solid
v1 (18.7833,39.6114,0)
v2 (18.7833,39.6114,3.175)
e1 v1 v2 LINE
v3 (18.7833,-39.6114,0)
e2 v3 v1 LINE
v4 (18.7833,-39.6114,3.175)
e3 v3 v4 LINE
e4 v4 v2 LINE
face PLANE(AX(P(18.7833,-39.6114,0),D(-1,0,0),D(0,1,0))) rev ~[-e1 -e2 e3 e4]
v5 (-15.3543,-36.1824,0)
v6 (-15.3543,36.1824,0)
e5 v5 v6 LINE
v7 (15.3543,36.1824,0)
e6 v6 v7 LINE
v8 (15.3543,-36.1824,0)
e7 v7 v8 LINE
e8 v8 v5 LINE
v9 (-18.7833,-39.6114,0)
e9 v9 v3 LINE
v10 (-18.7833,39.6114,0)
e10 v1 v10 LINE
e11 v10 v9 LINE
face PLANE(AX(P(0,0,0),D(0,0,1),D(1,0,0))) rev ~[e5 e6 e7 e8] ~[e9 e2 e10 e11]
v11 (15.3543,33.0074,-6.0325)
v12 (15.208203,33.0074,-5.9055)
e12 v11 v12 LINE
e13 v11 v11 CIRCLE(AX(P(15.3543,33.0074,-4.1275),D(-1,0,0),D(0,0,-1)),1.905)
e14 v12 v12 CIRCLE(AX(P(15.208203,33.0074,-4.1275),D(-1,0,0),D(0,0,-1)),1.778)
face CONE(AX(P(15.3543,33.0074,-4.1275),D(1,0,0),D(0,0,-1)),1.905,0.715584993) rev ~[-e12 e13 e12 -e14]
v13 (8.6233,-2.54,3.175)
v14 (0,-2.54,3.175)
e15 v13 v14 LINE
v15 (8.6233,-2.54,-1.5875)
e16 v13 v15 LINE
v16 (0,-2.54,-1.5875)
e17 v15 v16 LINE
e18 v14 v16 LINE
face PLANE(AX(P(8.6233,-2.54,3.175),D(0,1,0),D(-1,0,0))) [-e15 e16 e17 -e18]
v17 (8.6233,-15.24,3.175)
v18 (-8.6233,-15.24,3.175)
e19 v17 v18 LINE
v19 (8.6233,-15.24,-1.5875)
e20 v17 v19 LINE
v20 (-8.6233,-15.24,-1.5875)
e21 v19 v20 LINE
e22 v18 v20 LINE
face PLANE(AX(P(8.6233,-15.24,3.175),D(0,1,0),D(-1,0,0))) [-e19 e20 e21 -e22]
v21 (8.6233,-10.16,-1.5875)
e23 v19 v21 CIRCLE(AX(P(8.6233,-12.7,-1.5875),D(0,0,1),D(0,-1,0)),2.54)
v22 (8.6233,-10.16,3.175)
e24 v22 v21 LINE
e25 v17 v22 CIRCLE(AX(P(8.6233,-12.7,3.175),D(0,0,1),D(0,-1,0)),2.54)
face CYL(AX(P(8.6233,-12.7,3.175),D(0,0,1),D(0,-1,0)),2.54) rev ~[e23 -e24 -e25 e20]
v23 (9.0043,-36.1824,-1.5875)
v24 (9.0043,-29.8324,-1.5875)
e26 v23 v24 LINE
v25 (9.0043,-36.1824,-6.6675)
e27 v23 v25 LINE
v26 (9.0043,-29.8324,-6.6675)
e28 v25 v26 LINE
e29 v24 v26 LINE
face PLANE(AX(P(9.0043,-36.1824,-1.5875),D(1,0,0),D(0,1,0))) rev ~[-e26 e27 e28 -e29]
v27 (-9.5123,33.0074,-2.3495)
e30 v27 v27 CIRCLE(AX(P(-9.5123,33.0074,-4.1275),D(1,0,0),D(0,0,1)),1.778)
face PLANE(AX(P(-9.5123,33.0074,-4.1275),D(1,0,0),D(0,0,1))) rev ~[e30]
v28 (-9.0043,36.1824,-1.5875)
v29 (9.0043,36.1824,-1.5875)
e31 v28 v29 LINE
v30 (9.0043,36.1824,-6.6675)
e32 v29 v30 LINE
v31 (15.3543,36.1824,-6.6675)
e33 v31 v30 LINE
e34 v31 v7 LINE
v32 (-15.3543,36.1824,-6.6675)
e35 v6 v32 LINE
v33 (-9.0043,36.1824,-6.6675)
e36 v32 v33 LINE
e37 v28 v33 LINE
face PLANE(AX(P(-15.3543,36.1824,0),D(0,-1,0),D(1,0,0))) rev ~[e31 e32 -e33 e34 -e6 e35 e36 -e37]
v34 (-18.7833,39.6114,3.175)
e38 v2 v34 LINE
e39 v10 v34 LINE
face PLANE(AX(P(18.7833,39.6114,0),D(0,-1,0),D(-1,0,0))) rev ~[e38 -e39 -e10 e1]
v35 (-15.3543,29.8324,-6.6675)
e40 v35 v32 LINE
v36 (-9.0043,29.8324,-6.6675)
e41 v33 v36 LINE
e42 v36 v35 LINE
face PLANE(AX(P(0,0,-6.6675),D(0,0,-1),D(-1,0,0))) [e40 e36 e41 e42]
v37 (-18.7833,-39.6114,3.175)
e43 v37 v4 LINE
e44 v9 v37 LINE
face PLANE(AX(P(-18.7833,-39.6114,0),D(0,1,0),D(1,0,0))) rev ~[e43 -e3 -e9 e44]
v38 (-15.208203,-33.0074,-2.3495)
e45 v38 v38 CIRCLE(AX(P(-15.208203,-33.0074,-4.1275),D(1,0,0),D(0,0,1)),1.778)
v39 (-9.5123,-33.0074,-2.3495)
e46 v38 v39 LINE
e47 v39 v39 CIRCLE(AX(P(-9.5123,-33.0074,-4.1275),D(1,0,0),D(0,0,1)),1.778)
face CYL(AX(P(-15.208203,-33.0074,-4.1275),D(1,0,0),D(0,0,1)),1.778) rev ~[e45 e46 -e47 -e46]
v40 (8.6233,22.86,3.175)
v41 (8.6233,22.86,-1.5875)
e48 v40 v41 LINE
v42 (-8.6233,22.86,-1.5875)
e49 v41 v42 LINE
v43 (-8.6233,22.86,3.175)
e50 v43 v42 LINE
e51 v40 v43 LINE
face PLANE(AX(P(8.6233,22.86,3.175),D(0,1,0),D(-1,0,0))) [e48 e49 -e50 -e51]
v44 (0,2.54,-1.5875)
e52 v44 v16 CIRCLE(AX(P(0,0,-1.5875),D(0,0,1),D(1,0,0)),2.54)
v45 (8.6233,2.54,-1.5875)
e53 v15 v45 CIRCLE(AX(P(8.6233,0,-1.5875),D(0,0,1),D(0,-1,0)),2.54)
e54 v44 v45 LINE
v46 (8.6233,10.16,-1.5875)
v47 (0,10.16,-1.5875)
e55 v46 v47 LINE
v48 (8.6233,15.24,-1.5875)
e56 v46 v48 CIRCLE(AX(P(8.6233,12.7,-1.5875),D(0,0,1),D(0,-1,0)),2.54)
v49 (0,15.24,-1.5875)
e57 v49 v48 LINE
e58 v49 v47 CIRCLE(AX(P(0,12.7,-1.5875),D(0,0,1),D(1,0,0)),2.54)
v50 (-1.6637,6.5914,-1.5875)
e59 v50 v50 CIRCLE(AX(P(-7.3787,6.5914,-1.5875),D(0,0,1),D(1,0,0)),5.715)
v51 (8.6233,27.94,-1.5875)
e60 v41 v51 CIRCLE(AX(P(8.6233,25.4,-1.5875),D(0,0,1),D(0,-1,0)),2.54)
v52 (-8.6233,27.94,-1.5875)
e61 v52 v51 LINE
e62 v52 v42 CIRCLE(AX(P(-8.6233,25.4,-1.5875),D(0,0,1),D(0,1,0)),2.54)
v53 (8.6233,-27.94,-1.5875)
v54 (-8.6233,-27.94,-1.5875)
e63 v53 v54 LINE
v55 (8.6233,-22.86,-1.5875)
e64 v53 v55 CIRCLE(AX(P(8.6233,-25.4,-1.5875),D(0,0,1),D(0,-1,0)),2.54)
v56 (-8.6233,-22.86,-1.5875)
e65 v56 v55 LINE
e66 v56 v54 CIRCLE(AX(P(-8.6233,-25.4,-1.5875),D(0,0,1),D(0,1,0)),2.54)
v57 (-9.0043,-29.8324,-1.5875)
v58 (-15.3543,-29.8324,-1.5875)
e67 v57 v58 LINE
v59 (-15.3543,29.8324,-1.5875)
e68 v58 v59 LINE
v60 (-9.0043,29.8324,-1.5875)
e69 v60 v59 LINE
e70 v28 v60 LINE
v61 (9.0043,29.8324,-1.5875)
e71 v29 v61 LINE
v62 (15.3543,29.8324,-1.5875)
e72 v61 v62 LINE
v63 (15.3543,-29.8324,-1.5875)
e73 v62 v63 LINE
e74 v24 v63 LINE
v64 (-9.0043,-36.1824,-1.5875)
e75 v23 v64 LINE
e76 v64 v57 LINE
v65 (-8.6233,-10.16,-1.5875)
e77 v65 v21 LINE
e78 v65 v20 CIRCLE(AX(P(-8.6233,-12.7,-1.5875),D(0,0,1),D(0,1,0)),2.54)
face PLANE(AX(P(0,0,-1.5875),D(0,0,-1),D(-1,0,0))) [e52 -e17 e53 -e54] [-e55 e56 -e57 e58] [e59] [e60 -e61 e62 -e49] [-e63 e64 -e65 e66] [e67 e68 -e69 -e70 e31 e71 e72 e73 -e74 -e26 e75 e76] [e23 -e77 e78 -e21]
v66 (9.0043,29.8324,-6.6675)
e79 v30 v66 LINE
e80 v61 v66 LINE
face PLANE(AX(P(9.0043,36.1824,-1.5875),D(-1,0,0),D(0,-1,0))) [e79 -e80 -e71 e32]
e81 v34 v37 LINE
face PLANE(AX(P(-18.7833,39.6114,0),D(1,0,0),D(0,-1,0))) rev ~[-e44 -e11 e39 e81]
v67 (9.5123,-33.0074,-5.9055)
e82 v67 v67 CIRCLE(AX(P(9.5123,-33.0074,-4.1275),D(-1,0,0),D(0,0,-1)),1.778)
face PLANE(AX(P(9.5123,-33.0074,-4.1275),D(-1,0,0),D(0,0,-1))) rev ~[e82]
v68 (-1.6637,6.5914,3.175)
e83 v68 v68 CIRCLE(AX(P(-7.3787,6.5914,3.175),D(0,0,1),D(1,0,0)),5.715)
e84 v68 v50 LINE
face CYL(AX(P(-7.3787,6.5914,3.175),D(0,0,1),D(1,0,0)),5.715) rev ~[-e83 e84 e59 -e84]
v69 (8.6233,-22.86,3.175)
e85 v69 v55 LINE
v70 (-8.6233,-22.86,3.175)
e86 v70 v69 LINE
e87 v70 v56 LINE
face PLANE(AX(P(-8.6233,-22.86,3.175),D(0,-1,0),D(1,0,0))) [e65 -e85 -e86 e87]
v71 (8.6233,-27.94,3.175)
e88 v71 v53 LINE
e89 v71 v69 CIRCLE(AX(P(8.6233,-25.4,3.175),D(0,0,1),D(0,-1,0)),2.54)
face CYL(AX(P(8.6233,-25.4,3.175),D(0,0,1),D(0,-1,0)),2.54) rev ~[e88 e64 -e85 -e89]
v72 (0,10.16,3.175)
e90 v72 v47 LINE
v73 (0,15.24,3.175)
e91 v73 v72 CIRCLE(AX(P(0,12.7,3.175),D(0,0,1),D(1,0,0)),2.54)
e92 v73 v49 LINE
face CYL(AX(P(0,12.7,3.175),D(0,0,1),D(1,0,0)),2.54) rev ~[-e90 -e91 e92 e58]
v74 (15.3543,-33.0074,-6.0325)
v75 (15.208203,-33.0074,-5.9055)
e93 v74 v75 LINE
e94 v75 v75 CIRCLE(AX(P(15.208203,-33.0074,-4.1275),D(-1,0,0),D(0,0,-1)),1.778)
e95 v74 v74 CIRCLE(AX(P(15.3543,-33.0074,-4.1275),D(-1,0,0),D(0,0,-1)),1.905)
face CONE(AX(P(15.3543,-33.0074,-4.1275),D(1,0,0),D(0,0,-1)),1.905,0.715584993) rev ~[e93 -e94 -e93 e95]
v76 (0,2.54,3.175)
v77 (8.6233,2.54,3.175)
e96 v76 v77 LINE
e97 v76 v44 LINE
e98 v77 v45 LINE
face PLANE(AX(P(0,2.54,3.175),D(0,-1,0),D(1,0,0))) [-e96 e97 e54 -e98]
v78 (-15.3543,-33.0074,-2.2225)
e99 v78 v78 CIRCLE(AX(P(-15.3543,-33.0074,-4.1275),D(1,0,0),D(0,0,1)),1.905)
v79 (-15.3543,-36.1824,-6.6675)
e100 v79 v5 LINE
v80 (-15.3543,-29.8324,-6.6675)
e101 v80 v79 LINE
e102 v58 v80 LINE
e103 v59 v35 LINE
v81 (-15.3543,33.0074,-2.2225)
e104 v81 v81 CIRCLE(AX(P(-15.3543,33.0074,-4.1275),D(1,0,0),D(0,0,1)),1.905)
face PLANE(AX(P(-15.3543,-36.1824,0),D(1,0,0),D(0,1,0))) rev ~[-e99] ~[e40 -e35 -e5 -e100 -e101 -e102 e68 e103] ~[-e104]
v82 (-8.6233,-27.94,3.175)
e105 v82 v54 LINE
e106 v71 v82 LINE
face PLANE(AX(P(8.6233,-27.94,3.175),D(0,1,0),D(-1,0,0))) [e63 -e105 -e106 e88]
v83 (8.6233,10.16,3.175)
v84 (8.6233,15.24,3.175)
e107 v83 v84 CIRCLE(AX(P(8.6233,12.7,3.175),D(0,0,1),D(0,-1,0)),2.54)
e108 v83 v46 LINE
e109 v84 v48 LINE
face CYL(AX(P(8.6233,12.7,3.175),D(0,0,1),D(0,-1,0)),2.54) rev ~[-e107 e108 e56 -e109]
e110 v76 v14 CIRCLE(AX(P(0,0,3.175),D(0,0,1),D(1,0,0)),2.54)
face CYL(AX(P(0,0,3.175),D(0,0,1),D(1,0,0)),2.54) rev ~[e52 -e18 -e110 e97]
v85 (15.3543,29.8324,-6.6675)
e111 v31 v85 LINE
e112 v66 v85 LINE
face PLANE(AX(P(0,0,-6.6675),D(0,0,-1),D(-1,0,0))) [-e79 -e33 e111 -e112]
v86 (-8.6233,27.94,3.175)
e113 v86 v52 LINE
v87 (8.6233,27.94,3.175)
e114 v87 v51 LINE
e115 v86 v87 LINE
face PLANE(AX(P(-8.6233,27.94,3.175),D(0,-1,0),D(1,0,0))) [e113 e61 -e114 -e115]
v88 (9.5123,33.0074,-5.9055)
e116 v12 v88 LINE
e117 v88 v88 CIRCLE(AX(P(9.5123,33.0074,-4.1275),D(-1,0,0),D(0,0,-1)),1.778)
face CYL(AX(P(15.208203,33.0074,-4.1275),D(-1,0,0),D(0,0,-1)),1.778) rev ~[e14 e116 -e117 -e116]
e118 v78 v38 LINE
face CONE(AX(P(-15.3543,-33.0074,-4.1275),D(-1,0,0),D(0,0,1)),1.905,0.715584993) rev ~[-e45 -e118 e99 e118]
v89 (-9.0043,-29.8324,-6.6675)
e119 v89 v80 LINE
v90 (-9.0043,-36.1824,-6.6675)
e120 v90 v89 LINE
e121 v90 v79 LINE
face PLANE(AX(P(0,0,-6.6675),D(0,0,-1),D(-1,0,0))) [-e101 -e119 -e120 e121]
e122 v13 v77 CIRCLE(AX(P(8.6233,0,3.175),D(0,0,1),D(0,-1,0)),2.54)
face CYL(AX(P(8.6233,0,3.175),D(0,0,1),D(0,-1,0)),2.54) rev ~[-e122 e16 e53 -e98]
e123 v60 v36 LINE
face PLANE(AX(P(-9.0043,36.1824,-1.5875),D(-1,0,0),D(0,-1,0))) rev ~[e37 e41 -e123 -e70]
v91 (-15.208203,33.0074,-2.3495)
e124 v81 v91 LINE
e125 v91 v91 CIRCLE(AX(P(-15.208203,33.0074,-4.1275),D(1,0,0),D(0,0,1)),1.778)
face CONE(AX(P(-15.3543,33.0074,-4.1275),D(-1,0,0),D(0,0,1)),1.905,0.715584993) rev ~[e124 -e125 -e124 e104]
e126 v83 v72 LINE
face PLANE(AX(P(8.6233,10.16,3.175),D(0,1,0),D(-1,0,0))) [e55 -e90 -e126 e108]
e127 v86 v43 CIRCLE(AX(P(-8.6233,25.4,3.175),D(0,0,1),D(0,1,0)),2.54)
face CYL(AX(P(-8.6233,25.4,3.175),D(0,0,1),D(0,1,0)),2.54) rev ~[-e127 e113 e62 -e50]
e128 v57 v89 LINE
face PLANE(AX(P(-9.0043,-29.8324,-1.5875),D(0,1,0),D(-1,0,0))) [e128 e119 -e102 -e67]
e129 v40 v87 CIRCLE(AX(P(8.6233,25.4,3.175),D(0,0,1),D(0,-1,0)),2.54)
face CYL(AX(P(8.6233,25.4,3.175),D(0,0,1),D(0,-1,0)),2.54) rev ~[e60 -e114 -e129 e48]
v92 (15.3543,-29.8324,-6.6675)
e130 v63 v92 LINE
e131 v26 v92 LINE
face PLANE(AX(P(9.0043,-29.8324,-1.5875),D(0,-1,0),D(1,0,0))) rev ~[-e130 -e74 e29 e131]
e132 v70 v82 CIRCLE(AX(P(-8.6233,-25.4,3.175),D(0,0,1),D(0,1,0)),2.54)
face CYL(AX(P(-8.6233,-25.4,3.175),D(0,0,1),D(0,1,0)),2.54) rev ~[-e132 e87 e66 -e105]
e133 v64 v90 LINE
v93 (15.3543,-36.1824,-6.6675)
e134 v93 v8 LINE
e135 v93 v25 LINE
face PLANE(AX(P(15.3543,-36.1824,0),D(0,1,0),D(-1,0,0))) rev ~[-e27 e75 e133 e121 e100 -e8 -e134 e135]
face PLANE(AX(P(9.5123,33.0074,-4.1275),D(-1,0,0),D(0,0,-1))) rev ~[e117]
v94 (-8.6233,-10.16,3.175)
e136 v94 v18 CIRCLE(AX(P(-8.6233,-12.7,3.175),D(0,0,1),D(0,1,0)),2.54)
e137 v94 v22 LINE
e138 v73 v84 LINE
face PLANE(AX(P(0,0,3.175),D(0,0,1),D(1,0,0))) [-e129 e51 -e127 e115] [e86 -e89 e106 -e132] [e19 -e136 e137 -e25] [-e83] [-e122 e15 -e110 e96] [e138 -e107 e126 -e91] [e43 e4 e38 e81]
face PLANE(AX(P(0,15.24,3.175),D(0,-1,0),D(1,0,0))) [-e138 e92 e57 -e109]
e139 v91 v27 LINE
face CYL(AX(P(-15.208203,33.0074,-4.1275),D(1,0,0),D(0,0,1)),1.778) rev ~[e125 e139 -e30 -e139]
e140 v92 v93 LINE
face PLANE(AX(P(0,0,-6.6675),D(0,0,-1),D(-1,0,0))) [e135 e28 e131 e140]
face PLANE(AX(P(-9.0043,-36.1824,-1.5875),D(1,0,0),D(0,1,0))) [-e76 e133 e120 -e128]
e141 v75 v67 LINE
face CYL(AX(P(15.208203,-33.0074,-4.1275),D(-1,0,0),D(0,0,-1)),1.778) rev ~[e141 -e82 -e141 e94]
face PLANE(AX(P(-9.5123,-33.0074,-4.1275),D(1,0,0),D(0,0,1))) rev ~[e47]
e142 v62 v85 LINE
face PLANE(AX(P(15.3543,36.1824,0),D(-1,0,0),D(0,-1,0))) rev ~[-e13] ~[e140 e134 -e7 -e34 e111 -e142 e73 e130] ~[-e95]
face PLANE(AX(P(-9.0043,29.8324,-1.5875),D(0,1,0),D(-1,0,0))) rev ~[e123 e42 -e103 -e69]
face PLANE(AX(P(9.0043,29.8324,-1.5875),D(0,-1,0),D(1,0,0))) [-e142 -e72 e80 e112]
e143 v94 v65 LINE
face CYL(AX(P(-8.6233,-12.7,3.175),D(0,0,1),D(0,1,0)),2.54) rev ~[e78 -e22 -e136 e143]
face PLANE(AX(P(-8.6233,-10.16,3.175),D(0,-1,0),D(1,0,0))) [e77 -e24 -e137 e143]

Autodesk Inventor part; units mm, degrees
ref_plane "YZ Plane" through (0, 0, 0) normal (1, 0, 0) x (0, 1, 0)
ref_plane "XZ Plane" through (0, 0, 0) normal (0, 1, 0) x (-1, 0, 0)
ref_plane "XY Plane" through (0, 0, 0) normal (0, 0, 1) x (1, 0, 0)
sketch "Sketch1" plane through (0, 0, 0) normal (0, 0, 1) x (1, 0, 0)
  line L0 (-18.7833, 39.6114) -> (-18.7833, -39.6114) projected
  line L1 (-18.7833, -39.6114) -> (18.7833, -39.6114) projected
  line L2 (18.7833, -39.6114) -> (18.7833, 39.6114) projected
  line L3 (18.7833, 39.6114) -> (-18.7833, 39.6114) projected
  line L4 (-15.6083, 36.4364) -> (15.6083, 36.4364) projected
  line L5 (15.6083, 36.4364) -> (15.6083, -36.4364) projected
  line L6 (15.6083, -36.4364) -> (-15.6083, -36.4364) projected
  line L7 (-15.6083, -36.4364) -> (-15.6083, 36.4364) projected
  point P0 (0, 0)
extrude "Extrusion1" add sketch "Sketch1" along normal blind 3.175 contours L3 L2 L1 L0 | L4 L5 L6 L7
sketch "Sketch2" plane through (0, 0, 0) normal (0, 0, -1) x (-1, 0, 0)
  line L0 (-15.6083, -36.4364) -> (15.6083, -36.4364) projected
  line L1 (-15.6083, 36.4364) -> (-15.6083, -36.4364) projected
  line L2 (15.6083, 36.4364) -> (-15.6083, 36.4364) projected
  line L3 (15.6083, -36.4364) -> (15.6083, 36.4364) projected
  line L4 (-15.3543, 36.1824) -> (-15.3543, -36.1824)
  line L5 (-15.3543, -36.1824) -> (15.3543, -36.1824)
  line L6 (15.3543, -36.1824) -> (15.3543, 36.1824)
  line L7 (15.3543, 36.1824) -> (-15.3543, 36.1824)
  point P0 (0, 0)
  dimension "d2" = 0.254
extrude "Extrusion2" add sketch "Sketch2" along normal blind 1.5875 contours L7 L6 L5 L4
sketch "Sketch3" plane through (0, 0, -1.5875) normal (0, 0, -1) x (-1, 0, 0)
  line L0 (-15.3543, 36.1824) -> (-15.3543, -36.1824) projected
  line L1 (-15.3543, 36.1824) -> (-9.0043, 36.1824)
  line L2 (-9.0043, 36.1824) -> (-9.0043, 29.8324)
  line L3 (-9.0043, 29.8324) -> (-15.3543, 29.8324)
  line L4 (-15.3543, 29.8324) -> (-15.3543, 36.1824)
  line L5 (15.3543, 36.1824) -> (-15.3543, 36.1824) projected
  line L6 (15.3543, 36.1824) -> (9.0043, 36.1824)
  line L7 (9.0043, 36.1824) -> (9.0043, 29.8324)
  line L8 (9.0043, 29.8324) -> (15.3543, 29.8324)
  line L9 (15.3543, 29.8324) -> (15.3543, 36.1824)
  line L10 (-15.3543, -36.1824) -> (15.3543, -36.1824) projected
  line L11 (-15.3543, -36.1824) -> (-9.0043, -36.1824)
  line L12 (-9.0043, -36.1824) -> (-9.0043, -29.8324)
  line L13 (-9.0043, -29.8324) -> (-15.3543, -29.8324)
  line L14 (-15.3543, -29.8324) -> (-15.3543, -36.1824)
  line L15 (15.3543, 36.1824) -> (15.3543, -36.1824) projected
  line L16 (15.3543, -36.1824) -> (9.0043, -36.1824)
  line L17 (9.0043, -36.1824) -> (9.0043, -29.8324)
  line L18 (9.0043, -29.8324) -> (15.3543, -29.8324)
  line L19 (15.3543, -29.8324) -> (15.3543, -36.1824)
  point P0 (0, 0)
  dimension "d5" = 6.35
  dimension "d6" = 6.35
  dimension "d7" = 6.35
  dimension "d8" = 6.35
  dimension "d9" = 6.35
  dimension "d10" = 6.35
  dimension "d11" = 6.35
  dimension "d12" = 6.35
extrude "Extrusion3" add sketch "Sketch3" along normal blind 5.08 contours L1 L2 L3 L0 | L13 L12 L10 L0 | L5 L9 L8 L7 | L17 L18 L15 L10
sketch "Sketch4" plane through (15.3543, -36.1824, 0) normal (1, 0, 0) x (0, 0, -1)
  line L0 (6.6675, 66.0147) -> (6.6675, 72.3647) projected
  line L1 (0, 72.3647) -> (0, 0) projected
  line L2 (6.6675, 0) -> (6.6675, 6.35) projected
  line L3 (1.5875, 66.0147) -> (1.5875, 6.35) projected
  line L4 (0, 72.3647) -> (6.6675, 72.3647) projected
  line L5 (1.5875, 6.35) -> (6.6675, 6.35) projected
  line L6 (6.6675, 6.35) -> (6.6675, 0) projected
  line L7 (1.5875, 6.35) -> (6.6675, 0)
  line L8 (1.5875, 66.0147) -> (6.6675, 72.3647)
  point P0 (0, 36.1824)
  point P1 (4.1275, 3.175)
  point P2 (4.1275, 69.1897)
  point P3 (4.1275, 3.175)
  point P4 (4.1275, 69.1897)
sketch "Sketch5" plane through (-15.3543, -36.1824, 0) normal (-1, 0, 0) x (0, 0, 1)
  point P0 (0, 36.1824)
  point P1 (-4.1275, 69.1897)
  point P2 (-4.1275, 3.175)
hole "Hole1" at (15.3543, 33.0074, -4.1275) at (15.3543, -33.0074, -4.1275) direction (-1, 0, 0) diameter 3.556 depth 5.842 countersink diameter 3.81 countersink angle 82
hole "Hole2" at (-15.3543, 33.0074, -4.1275) at (-15.3543, -33.0074, -4.1275) direction (1, 0, 0) diameter 3.556 depth 5.842 countersink diameter 3.81 countersink angle 82
sketch "Sketch6" plane through (0, 0, 3.175) normal (0, 0, 1) x (1, 0, 0)
  line L0 (-8.6233, 0) -> (8.6233, 0) construction
  line L1 (-8.6233, 2.54) -> (8.6233, 2.54)
  line L2 (8.6233, -2.54) -> (-8.6233, -2.54)
  arc A0 (-8.6233, 2.54) -> (-8.6233, -2.54) centre (-8.6233, 0) ccw
  arc A1 (8.6233, -2.54) -> (8.6233, 2.54) centre (8.6233, 0) ccw
  line L3 (-18.7833, 39.6114) -> (-18.7833, -39.6114) projected
  line L4 (18.7833, -39.6114) -> (18.7833, 39.6114) projected
  line L5 (-18.7833, -39.6114) -> (18.7833, -39.6114) projected
  arc A2 (8.6233, 10.16) -> (8.6233, 15.24) centre (8.6233, 12.7) ccw
  line L6 (-8.6233, 15.24) -> (8.6233, 15.24)
  line L7 (8.6233, 10.16) -> (-8.6233, 10.16)
  arc A3 (-8.6233, 15.24) -> (-8.6233, 10.16) centre (-8.6233, 12.7) ccw
  arc A4 (8.6233, 22.86) -> (8.6233, 27.94) centre (8.6233, 25.4) ccw
  line L8 (-8.6233, 27.94) -> (8.6233, 27.94)
  line L9 (8.6233, 22.86) -> (-8.6233, 22.86)
  arc A5 (-8.6233, 27.94) -> (-8.6233, 22.86) centre (-8.6233, 25.4) ccw
  arc A6 (8.6233, -15.24) -> (8.6233, -10.16) centre (8.6233, -12.7) ccw
  line L10 (-8.6233, -10.16) -> (8.6233, -10.16)
  line L11 (8.6233, -15.24) -> (-8.6233, -15.24)
  arc A7 (-8.6233, -10.16) -> (-8.6233, -15.24) centre (-8.6233, -12.7) ccw
  arc A8 (8.6233, -2.54) -> (8.6233, 2.54) centre (8.6233, 0) ccw
  line L12 (-8.6233, 2.54) -> (8.6233, 2.54)
  line L13 (8.6233, -2.54) -> (-8.6233, -2.54)
  arc A9 (-8.6233, 2.54) -> (-8.6233, -2.54) centre (-8.6233, 0) ccw
  arc A10 (8.6233, 10.16) -> (8.6233, 15.24) centre (8.6233, 12.7) ccw
  line L14 (-8.6233, 15.24) -> (8.6233, 15.24)
  line L15 (8.6233, 10.16) -> (-8.6233, 10.16)
  arc A11 (-8.6233, 15.24) -> (-8.6233, 10.16) centre (-8.6233, 12.7) ccw
  arc A12 (8.6233, -27.94) -> (8.6233, -22.86) centre (8.6233, -25.4) ccw
  line L16 (-8.6233, -22.86) -> (8.6233, -22.86)
  line L17 (8.6233, -27.94) -> (-8.6233, -27.94)
  arc A13 (-8.6233, -22.86) -> (-8.6233, -27.94) centre (-8.6233, -25.4) ccw
  arc A14 (8.6233, -15.24) -> (8.6233, -10.16) centre (8.6233, -12.7) ccw
  line L18 (-8.6233, -10.16) -> (8.6233, -10.16)
  line L19 (8.6233, -15.24) -> (-8.6233, -15.24)
  arc A15 (-8.6233, -10.16) -> (-8.6233, -15.24) centre (-8.6233, -12.7) ccw
  arc A16 (8.6233, -2.54) -> (8.6233, 2.54) centre (8.6233, 0) ccw
  line L20 (-8.6233, 2.54) -> (8.6233, 2.54)
  line L21 (8.6233, -2.54) -> (-8.6233, -2.54)
  arc A17 (-8.6233, 2.54) -> (-8.6233, -2.54) centre (-8.6233, 0) ccw
  circle A18 centre (0, 12.7) radius 2.54
  circle A19 centre (0, 0) radius 2.54
  point P0 (0, 0)
  point P1 (0, 10.16)
  point P2 (0, 15.24)
  point P3 (0, 2.54)
  point P4 (0, -2.54)
  dimension "d29" = 10.16
  dimension "d30" = 10.16
  dimension "d31" = 2.54
  dimension "d35" = 12.7
  dimension "d38" = 12.7
extrude "Extrusion4" cut sketch "Sketch6" against normal up to surface (4.7625 mm away) contours L1 A1 L2 A19 | A19 | L7 A18 L6 A2 | A18 | L9 A5 L8 A4 | L11 A7 L10 A6 | L17 A13 L16 A12
sketch "Sketch7" plane through (0, 0, 3.175) normal (0, 0, 1) x (1, 0, 0)
  circle A0 centre (-7.3787, 6.5914) radius 5.715
  line L0 (18.7833, 39.6114) -> (-18.7833, 39.6114) projected
  line L1 (-18.7833, 39.6114) -> (-18.7833, -39.6114) projected
  line L2 (18.7833, -39.6114) -> (18.7833, 39.6114) projected
  point P0 (0, 0)
  dimension "d43" = 11.43
  dimension "d44" = 33.02
  dimension "d46" = 26.162
extrude "Extrusion5" cut sketch "Sketch7" against normal up to surface (4.7625 mm away)
properties part number "SENSOR_TOP" material "PC/ABS Plastic"
